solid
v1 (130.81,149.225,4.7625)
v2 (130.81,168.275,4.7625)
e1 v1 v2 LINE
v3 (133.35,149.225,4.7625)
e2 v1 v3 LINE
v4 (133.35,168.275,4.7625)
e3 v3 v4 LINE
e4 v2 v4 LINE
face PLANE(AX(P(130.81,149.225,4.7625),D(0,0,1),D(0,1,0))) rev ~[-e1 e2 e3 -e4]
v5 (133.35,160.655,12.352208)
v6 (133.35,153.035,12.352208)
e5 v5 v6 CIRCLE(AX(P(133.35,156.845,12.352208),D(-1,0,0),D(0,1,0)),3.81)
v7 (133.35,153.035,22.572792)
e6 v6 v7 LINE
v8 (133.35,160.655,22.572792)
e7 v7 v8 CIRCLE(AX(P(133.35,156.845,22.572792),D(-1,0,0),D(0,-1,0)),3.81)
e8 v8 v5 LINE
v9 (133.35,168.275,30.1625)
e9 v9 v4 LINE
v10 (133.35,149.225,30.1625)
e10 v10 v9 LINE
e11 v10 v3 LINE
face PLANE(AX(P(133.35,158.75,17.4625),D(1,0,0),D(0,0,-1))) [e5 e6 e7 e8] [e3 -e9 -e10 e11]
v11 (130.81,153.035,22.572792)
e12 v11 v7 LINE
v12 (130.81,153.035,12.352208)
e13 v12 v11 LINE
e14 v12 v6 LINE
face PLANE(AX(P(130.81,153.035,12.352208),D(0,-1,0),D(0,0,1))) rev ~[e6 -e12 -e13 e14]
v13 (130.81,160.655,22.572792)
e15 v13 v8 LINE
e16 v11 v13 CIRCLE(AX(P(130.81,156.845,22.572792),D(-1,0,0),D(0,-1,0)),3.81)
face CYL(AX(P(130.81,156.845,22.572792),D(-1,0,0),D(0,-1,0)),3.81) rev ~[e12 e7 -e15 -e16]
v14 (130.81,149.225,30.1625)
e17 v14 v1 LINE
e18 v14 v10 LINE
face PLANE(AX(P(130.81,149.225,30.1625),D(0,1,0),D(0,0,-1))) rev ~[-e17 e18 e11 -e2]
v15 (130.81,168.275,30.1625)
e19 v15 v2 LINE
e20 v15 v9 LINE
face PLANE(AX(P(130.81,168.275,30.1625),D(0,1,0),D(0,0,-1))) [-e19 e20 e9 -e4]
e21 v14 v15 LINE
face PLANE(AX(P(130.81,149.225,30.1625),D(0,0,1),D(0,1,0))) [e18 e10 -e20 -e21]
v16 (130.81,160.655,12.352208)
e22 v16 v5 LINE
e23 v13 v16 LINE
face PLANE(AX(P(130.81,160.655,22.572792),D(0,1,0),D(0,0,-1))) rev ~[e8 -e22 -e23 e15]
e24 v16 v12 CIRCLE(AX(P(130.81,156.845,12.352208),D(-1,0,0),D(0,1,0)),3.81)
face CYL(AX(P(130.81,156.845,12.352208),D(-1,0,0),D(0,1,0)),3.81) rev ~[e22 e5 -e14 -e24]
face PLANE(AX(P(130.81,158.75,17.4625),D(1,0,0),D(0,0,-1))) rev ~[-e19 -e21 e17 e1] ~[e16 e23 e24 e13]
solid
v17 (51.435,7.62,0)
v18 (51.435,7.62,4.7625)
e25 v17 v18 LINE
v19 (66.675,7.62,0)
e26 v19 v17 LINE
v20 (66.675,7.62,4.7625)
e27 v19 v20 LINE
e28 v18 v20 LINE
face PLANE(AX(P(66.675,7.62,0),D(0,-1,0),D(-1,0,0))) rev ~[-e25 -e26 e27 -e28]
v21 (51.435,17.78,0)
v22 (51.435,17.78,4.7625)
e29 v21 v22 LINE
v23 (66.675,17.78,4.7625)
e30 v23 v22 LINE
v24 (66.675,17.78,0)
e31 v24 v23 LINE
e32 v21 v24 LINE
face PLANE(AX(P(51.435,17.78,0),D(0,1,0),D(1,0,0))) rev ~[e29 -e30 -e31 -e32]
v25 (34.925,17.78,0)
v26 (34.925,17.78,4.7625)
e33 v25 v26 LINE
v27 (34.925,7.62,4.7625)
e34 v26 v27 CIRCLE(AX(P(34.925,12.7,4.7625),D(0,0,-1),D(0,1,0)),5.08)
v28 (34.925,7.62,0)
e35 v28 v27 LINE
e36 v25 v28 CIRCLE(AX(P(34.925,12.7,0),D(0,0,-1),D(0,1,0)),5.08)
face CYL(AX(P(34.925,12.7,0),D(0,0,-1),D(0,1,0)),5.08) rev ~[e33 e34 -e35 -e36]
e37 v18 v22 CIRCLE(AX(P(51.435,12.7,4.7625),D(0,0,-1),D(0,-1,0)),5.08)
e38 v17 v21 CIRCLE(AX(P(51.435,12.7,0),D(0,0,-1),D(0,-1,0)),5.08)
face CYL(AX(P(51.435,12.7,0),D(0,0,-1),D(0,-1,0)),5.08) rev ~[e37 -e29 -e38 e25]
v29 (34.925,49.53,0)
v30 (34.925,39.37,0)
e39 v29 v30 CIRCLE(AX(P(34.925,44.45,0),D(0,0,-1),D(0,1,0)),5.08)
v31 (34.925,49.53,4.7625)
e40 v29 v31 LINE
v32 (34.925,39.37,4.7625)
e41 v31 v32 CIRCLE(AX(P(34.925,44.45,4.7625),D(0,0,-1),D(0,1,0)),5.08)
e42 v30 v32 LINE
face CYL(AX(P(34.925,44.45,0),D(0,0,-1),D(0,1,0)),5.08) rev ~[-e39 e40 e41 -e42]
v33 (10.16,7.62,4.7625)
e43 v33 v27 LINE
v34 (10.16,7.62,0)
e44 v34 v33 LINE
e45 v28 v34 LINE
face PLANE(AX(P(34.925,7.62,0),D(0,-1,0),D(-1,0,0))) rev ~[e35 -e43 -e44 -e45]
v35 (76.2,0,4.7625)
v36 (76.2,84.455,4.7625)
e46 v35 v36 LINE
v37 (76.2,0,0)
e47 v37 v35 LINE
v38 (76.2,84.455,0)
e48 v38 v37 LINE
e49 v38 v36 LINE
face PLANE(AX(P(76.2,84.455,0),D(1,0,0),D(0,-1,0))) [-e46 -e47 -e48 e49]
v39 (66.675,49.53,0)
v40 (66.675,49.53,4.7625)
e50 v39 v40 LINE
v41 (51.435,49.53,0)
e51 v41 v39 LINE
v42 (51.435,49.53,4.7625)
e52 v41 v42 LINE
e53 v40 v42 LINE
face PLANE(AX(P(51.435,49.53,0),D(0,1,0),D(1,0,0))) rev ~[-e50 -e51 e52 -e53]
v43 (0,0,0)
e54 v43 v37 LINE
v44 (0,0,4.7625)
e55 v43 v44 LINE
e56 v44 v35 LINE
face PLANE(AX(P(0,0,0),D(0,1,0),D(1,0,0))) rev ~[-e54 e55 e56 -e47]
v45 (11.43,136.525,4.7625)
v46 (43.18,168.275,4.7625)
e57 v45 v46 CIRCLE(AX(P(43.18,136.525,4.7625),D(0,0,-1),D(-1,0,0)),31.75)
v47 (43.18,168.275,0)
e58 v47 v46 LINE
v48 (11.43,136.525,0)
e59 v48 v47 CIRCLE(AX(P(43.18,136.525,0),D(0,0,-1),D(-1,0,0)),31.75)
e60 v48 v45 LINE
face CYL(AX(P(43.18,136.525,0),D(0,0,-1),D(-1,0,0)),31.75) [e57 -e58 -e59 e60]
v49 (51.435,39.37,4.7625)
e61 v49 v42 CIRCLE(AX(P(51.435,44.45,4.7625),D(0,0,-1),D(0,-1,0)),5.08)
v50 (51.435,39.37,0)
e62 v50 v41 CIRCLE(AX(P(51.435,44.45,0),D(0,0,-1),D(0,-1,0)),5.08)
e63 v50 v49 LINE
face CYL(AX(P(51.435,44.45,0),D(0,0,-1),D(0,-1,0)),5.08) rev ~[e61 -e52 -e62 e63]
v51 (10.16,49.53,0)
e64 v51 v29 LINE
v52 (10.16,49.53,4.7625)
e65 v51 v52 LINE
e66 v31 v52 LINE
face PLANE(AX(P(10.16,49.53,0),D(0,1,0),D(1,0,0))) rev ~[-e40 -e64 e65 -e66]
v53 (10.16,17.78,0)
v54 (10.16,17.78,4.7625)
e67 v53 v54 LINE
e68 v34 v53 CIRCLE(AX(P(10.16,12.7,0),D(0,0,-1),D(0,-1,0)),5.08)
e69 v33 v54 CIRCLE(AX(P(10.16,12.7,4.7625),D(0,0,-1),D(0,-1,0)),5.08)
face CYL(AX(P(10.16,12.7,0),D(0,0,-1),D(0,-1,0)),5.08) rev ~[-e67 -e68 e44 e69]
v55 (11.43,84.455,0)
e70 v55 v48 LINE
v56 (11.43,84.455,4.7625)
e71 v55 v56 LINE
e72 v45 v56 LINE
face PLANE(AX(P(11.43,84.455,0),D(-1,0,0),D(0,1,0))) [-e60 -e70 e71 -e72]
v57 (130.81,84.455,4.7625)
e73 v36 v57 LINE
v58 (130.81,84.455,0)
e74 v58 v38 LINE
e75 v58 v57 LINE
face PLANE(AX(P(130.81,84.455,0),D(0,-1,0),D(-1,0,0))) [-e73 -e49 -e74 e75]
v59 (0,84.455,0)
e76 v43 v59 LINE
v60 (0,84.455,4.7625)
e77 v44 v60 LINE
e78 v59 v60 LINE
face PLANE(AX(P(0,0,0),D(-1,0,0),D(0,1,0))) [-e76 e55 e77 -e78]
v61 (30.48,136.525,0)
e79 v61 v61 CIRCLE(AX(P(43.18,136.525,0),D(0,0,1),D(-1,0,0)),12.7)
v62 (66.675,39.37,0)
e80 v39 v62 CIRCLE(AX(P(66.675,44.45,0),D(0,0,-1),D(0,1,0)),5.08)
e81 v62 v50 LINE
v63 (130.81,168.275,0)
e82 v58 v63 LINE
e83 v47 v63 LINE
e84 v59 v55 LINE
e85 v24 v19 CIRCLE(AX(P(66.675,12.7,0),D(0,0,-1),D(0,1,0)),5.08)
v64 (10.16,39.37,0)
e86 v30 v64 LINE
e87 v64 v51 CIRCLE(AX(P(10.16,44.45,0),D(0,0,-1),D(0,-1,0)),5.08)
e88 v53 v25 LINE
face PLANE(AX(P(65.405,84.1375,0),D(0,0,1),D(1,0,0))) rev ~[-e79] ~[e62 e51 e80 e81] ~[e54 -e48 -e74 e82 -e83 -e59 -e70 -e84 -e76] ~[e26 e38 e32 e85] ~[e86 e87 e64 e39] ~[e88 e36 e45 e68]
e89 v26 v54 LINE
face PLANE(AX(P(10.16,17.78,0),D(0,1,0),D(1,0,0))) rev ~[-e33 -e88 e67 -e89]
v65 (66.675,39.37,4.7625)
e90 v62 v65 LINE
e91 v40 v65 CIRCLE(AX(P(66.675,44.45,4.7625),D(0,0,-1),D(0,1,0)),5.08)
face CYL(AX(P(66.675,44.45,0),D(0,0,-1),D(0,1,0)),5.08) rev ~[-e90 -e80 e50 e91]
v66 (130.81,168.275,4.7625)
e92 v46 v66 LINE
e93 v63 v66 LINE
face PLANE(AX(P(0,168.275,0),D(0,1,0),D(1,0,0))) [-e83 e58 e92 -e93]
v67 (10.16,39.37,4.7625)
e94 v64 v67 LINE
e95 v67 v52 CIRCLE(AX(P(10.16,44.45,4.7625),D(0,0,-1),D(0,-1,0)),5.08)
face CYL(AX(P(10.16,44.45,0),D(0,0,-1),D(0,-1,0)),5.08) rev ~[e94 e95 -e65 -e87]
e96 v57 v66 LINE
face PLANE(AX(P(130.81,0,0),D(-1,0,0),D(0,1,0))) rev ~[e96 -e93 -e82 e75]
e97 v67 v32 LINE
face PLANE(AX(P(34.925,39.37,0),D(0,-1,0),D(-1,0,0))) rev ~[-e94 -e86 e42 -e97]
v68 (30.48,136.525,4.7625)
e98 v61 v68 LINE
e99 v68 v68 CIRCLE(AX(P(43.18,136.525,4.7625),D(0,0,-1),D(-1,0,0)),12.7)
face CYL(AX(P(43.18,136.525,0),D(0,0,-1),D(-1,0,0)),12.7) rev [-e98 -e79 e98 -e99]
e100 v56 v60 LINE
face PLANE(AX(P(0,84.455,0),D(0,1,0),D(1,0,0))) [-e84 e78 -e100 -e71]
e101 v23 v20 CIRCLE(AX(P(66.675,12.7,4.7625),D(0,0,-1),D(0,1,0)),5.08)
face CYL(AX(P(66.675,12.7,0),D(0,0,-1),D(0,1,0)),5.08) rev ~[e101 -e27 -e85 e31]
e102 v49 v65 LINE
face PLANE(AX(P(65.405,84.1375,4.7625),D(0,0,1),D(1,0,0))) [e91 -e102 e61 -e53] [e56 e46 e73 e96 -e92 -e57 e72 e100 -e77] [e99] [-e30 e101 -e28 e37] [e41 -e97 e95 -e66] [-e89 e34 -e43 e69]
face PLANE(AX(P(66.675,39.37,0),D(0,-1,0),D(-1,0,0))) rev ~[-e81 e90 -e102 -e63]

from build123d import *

# Parameters (mm, degrees)
SKETCH1_W           = 130.81
SKETCH1_H           = 168.275
BOSS_EXTRUDE1_DEPTH = 4.7625
SKETCH2_OUTSIDE_W   = 175.448
SKETCH2_OUTSIDE_H   = 212.913
SKETCH2_OUTSIDE_R   = 12.7
CUT_EXTRUDE1_DEPTH  = 214.191024978
SKETCH3_W           = 25.4
SKETCH3_H           = 19.05
BOSS_EXTRUDE2_DEPTH = 2.54


with BuildPart() as part:
    # Sketch1 → Boss-Extrude1 (new body)
    with BuildSketch(Plane.XY):
        with Locations((65.405, 84.1375)):
            Rectangle(SKETCH1_W, SKETCH1_H)
    extrude(amount=BOSS_EXTRUDE1_DEPTH)

    # Sketch2 outside → Cut-Extrude1 (cut, through all)
    # profile 1 of 6: a face of its own
    with BuildSketch(Plane.XY):
        with Locations((65.405, 84.1375)):
            Rectangle(SKETCH2_OUTSIDE_W, SKETCH2_OUTSIDE_H)
        with BuildLine():
            Line((0, 84.455), (11.43, 84.455))
            Line((11.43, 84.455), (11.43, 136.525))
            ThreePointArc((11.43, 136.525), (20.729359697, 158.975640303), (43.18, 168.275))
            Line((43.18, 168.275), (130.81, 168.275))
            Line((130.81, 168.275), (130.81, 84.455))
            Line((130.81, 84.455), (76.2, 84.455))
            Line((76.2, 84.455), (76.2, 0))
            Line((76.2, 0), (0, 0))
            Line((0, 0), (0, 84.455))
        make_face(mode=Mode.SUBTRACT)
    # profile 2 of 6: a face of its own
    with BuildSketch(Plane.XY):
        with Locations(Location((43.18, 136.525, 0), (0, 0, 180))):
            Circle(SKETCH2_OUTSIDE_R)
    # profile 3 of 6: a face of its own
    with BuildSketch(Plane.XY):
        with BuildLine():
            Line((10.16, 49.53), (34.925, 49.53))
            ThreePointArc((34.925, 49.53), (40.005, 44.45), (34.925, 39.37))
            Line((34.925, 39.37), (10.16, 39.37))
            ThreePointArc((10.16, 39.37), (5.08, 44.45), (10.16, 49.53))
        make_face()
    # profile 4 of 6: a face of its own
    with BuildSketch(Plane.XY):
        with BuildLine():
            Line((10.16, 17.78), (34.925, 17.78))
            ThreePointArc((34.925, 17.78), (40.005, 12.7), (34.925, 7.62))
            Line((34.925, 7.62), (10.16, 7.62))
            ThreePointArc((10.16, 7.62), (5.08, 12.7), (10.16, 17.78))
        make_face()
    # profile 5 of 6: a face of its own
    with BuildSketch(Plane.XY):
        with BuildLine():
            Line((51.435, 49.53), (66.675, 49.53))
            ThreePointArc((66.675, 49.53), (71.755, 44.45), (66.675, 39.37))
            Line((66.675, 39.37), (51.435, 39.37))
            ThreePointArc((51.435, 39.37), (46.355, 44.45), (51.435, 49.53))
        make_face()
    # profile 6 of 6: a face of its own
    with BuildSketch(Plane.XY):
        with BuildLine():
            Line((51.435, 17.78), (66.675, 17.78))
            ThreePointArc((66.675, 17.78), (71.755, 12.7), (66.675, 7.62))
            Line((66.675, 7.62), (51.435, 7.62))
            ThreePointArc((51.435, 7.62), (46.355, 12.7), (51.435, 17.78))
        make_face()
    extrude(amount=CUT_EXTRUDE1_DEPTH, mode=Mode.SUBTRACT)


with BuildPart() as body_2:
    # Sketch3 → Boss-Extrude2 (new body)
    with BuildSketch(Plane(origin=(130.81, 0, 0), x_dir=(0, 0, -1), z_dir=(1, 0, 0))):
        with Locations((-17.4625, 158.75)):
            Rectangle(SKETCH3_W, SKETCH3_H)
        with BuildLine():
            Line((-22.572792052, 160.655), (-12.352207948, 160.655))
            ThreePointArc((-12.352207948, 160.655), (-8.542207948, 156.845), (-12.352207948, 153.035))
            Line((-12.352207948, 153.035), (-22.572792052, 153.035))
            ThreePointArc((-22.572792052, 153.035), (-26.382792052, 156.845), (-22.572792052, 160.655))
        make_face(mode=Mode.SUBTRACT)
    extrude(amount=BOSS_EXTRUDE2_DEPTH)


solid = Compound([part.part, body_2.part])
